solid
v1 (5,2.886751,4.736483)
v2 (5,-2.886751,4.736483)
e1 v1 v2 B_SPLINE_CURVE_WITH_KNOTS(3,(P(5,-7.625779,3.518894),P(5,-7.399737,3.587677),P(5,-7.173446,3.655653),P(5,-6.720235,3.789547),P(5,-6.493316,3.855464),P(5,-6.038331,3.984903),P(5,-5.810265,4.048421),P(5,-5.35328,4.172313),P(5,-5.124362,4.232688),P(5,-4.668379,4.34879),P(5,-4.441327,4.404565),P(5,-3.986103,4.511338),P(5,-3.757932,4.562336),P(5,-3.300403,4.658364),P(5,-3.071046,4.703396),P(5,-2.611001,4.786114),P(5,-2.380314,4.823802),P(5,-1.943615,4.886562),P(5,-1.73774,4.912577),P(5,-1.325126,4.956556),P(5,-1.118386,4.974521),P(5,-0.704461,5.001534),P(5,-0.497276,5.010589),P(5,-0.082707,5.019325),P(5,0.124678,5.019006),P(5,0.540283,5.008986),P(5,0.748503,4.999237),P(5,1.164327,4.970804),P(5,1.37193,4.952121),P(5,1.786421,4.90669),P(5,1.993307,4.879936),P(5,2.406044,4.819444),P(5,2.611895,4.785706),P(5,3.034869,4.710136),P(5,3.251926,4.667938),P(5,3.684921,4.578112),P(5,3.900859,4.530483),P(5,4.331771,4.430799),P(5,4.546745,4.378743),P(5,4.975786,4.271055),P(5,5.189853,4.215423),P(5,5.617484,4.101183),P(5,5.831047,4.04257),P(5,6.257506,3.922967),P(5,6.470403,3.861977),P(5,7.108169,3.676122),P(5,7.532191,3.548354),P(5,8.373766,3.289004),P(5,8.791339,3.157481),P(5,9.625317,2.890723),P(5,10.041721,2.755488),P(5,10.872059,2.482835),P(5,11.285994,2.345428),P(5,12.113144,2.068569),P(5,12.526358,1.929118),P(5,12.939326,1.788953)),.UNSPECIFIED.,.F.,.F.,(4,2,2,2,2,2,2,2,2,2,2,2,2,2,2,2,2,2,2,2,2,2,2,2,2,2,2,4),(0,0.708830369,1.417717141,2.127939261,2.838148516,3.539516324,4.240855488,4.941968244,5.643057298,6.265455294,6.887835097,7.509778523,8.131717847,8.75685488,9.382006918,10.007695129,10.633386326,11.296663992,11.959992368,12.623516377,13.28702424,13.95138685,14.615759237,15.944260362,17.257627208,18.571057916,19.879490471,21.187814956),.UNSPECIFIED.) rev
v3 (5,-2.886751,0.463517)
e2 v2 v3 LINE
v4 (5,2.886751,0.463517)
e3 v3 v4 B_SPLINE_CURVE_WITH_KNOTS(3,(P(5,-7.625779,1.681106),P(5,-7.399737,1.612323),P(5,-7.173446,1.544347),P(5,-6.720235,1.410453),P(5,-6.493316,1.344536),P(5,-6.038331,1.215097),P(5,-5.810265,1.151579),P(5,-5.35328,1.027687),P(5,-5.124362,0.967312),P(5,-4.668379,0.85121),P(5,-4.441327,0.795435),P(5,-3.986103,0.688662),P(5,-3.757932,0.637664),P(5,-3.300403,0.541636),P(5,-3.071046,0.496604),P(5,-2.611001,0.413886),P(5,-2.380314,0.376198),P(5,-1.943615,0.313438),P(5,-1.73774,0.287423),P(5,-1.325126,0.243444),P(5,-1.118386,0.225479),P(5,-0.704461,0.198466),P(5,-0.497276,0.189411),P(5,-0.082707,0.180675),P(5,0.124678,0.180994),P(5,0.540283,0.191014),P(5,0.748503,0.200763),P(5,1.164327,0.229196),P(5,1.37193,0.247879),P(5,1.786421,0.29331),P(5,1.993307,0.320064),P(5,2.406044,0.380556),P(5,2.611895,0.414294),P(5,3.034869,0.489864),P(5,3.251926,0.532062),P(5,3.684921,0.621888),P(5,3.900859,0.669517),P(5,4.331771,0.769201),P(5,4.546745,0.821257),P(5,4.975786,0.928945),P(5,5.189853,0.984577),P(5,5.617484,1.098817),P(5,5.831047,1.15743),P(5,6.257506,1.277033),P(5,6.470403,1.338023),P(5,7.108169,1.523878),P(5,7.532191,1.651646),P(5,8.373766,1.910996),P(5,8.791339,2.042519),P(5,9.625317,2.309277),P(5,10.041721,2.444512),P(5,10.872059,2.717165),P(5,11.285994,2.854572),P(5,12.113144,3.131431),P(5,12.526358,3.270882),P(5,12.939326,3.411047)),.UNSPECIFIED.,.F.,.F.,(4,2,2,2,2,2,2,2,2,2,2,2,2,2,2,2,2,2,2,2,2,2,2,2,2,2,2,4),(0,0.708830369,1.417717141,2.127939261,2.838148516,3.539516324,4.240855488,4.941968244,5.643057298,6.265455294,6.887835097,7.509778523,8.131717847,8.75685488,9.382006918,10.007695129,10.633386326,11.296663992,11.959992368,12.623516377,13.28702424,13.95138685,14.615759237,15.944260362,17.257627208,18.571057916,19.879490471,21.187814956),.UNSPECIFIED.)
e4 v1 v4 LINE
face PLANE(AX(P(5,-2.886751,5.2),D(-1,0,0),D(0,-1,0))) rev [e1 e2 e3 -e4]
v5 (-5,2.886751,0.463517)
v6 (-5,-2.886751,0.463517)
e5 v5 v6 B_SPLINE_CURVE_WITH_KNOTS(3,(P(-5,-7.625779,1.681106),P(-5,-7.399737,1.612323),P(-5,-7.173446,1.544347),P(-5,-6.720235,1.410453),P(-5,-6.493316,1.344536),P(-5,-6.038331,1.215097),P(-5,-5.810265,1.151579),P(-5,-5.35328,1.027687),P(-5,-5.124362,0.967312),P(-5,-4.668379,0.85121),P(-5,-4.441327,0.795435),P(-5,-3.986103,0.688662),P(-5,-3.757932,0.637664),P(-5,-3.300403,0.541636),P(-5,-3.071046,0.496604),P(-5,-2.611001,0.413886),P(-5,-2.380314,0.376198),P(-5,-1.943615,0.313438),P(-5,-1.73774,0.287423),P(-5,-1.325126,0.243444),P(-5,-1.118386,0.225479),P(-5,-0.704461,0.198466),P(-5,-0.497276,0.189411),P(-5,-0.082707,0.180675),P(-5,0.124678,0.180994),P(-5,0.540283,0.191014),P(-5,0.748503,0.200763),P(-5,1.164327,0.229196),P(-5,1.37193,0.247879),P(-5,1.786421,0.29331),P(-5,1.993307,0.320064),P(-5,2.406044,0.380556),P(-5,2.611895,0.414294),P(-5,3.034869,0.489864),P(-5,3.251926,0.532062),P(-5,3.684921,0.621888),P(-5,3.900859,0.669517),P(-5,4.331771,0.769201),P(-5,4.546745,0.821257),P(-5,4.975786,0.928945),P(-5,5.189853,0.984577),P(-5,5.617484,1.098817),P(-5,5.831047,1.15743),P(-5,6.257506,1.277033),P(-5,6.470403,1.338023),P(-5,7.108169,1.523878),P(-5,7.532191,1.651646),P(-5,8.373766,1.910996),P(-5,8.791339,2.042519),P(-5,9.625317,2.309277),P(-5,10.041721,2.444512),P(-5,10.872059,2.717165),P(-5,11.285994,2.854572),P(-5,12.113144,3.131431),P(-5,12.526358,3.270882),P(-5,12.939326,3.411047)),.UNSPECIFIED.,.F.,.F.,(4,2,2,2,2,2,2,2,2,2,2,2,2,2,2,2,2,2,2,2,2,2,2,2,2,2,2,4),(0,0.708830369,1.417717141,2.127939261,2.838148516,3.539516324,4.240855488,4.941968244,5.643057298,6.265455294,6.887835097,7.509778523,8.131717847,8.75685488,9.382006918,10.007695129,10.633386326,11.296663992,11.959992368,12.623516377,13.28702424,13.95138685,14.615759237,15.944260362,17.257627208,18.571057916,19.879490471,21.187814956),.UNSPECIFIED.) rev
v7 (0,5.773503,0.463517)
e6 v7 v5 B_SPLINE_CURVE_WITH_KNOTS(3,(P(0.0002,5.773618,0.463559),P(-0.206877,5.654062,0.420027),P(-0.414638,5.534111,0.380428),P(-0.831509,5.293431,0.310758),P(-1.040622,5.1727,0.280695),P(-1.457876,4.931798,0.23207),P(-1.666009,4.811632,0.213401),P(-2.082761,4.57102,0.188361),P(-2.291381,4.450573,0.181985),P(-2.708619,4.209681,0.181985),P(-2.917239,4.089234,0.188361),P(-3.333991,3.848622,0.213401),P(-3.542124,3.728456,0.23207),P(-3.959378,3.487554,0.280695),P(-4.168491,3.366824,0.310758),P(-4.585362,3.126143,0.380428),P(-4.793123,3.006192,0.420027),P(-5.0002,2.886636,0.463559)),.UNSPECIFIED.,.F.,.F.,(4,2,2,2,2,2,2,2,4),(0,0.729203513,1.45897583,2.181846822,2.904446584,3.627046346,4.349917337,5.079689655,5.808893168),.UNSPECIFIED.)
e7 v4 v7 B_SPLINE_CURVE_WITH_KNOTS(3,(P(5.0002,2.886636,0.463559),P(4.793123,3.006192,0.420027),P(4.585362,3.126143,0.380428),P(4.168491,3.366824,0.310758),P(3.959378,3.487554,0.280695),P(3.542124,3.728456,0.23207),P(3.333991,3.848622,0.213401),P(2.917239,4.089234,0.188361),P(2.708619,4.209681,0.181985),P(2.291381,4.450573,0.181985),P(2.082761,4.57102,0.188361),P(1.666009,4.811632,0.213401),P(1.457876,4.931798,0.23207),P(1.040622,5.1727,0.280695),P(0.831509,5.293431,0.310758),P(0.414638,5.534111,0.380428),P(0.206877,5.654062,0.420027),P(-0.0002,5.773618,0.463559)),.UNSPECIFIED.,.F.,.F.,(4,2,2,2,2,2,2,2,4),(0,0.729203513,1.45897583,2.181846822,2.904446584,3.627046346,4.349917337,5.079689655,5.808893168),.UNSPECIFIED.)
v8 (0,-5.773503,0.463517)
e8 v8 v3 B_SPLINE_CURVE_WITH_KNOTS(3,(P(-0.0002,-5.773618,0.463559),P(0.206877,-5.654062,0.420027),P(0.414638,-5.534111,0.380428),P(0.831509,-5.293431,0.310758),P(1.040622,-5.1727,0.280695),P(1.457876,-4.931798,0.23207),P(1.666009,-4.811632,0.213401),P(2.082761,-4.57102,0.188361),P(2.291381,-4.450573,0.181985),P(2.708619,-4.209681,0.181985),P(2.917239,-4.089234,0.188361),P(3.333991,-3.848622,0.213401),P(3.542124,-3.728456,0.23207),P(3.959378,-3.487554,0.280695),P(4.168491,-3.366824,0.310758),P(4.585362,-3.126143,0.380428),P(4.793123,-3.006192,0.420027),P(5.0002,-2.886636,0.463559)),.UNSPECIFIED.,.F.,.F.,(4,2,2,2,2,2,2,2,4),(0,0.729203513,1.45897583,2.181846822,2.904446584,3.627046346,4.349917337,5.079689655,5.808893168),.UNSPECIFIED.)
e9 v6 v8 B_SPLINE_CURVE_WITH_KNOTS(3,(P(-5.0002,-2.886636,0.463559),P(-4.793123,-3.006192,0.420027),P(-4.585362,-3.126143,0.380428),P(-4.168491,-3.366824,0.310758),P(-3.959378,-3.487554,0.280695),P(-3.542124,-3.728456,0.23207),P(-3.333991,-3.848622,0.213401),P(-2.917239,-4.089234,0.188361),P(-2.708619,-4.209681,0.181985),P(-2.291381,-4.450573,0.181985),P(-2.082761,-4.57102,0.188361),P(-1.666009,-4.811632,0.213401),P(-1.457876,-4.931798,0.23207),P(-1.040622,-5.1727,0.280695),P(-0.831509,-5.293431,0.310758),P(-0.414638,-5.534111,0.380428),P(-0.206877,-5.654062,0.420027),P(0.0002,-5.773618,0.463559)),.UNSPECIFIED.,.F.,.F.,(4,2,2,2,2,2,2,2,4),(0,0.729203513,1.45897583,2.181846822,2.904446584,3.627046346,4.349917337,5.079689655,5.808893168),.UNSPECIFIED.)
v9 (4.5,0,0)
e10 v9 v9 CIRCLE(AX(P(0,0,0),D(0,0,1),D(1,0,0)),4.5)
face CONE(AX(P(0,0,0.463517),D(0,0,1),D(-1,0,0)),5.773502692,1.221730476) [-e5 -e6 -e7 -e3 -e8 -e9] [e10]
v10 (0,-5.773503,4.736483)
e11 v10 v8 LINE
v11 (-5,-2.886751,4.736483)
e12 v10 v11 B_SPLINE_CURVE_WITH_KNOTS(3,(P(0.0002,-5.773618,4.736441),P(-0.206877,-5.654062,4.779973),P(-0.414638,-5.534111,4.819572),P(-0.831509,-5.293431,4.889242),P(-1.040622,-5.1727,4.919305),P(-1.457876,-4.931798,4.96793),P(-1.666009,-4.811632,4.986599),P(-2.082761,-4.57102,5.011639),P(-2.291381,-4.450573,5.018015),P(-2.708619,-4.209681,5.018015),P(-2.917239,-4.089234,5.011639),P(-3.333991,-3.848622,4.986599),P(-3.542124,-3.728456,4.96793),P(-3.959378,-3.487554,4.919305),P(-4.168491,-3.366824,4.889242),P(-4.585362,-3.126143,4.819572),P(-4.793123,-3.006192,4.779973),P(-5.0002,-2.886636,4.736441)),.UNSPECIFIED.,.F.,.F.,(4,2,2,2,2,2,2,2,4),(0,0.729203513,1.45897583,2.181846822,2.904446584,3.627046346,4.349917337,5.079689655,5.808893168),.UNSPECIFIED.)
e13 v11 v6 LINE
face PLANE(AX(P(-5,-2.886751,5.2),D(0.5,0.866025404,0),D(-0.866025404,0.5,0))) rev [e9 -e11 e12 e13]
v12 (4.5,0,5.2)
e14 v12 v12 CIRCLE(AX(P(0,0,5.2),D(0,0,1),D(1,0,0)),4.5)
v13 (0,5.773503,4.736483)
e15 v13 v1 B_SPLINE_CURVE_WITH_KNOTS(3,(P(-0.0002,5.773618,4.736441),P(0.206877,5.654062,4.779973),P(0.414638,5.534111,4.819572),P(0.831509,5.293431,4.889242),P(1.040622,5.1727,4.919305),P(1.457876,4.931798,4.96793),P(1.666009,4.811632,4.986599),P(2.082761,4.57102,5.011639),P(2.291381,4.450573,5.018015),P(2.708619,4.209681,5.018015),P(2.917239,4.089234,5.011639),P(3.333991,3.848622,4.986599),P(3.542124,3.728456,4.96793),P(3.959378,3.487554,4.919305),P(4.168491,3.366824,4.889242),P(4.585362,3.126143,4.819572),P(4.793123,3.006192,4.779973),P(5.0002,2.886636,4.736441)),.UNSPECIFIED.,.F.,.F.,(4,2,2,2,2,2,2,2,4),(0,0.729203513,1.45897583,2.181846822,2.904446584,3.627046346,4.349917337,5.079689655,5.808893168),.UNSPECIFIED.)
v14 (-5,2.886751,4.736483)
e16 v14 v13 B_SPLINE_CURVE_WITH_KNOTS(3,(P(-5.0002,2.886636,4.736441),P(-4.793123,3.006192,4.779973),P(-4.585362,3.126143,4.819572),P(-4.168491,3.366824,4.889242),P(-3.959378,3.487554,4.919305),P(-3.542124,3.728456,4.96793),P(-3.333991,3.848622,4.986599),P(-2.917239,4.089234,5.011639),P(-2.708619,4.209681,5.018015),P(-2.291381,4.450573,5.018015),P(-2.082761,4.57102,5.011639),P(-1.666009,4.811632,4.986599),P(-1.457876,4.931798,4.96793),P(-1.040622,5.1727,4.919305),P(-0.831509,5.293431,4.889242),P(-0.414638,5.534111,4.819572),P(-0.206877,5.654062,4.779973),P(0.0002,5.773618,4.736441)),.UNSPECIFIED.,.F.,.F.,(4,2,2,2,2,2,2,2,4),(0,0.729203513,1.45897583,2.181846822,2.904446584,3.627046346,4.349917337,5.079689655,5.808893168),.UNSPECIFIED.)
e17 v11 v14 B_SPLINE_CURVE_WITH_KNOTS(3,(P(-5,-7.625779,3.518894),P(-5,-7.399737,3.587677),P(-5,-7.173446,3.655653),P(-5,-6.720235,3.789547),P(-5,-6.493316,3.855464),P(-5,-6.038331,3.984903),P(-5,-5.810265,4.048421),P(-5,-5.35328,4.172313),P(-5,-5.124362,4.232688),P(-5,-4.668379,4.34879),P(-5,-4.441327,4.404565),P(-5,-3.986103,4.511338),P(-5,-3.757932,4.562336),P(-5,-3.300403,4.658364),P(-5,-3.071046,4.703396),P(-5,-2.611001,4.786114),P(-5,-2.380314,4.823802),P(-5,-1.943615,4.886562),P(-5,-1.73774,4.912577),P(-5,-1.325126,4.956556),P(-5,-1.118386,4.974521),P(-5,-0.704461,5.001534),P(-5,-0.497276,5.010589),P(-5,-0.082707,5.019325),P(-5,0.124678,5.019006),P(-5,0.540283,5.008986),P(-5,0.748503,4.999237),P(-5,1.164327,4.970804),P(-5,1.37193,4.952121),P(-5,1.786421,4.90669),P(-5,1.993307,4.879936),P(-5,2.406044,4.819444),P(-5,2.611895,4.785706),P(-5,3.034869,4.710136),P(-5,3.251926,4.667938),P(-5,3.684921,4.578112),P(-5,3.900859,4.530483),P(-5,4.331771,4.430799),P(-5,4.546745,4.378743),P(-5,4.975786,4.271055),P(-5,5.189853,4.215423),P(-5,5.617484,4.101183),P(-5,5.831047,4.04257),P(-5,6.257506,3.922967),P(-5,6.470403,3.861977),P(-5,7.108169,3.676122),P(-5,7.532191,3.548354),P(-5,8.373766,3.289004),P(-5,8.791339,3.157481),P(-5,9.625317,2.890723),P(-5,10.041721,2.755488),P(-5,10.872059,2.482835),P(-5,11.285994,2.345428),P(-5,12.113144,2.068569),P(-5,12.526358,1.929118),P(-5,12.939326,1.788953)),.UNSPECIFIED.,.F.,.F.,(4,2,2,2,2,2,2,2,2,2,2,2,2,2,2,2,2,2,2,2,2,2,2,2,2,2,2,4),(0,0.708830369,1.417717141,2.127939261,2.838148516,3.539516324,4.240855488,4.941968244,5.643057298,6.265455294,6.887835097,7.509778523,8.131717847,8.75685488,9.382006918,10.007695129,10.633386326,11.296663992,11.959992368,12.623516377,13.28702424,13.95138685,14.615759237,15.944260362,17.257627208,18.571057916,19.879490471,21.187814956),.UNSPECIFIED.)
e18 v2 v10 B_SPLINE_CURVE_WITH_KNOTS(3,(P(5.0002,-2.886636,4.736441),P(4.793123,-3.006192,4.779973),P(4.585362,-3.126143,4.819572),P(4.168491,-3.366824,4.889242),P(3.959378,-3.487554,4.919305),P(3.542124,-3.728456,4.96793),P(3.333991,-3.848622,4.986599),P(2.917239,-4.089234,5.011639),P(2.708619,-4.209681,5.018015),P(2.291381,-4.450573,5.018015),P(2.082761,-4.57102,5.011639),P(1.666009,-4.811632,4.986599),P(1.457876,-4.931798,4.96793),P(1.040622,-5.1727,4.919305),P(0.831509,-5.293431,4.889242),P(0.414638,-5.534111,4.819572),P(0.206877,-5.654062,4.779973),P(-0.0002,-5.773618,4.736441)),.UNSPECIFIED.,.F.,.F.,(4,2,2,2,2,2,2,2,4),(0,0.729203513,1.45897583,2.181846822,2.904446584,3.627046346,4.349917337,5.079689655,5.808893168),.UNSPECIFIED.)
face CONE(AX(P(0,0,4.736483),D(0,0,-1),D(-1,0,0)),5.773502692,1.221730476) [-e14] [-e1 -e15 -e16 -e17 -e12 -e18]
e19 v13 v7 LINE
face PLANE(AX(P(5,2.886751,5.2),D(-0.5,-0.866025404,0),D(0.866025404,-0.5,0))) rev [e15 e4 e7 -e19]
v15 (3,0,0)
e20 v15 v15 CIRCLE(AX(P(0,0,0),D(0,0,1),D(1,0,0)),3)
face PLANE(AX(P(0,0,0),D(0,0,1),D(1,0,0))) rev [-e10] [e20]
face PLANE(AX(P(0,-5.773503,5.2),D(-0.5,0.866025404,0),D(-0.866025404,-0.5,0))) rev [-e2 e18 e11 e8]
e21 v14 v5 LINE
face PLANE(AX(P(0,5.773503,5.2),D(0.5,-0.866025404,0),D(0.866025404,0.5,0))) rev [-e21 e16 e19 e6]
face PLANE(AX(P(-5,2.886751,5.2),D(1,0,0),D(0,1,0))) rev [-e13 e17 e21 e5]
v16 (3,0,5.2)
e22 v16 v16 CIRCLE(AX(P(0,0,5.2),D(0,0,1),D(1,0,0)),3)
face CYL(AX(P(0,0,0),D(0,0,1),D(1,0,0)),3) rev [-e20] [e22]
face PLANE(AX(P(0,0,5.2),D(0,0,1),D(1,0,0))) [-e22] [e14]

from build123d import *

# Parameters (mm, degrees)
EXTRUDE_1_DEPTH     = 5.2
SKETCH_5_R          = 3
CUT_EXTRUDE_1_DEPTH = 10.239769117


with BuildPart() as part:
    # 草图1 → 凸台-拉伸1 (new body)
    with BuildSketch(Plane.XY):
        Polygon((0, 5.773502692), (-5, 2.886751346), (-5, -2.886751346), (0, -5.773502692), (5, -2.886751346), (5, 2.886751346), align=None)
    extrude(amount=EXTRUDE_1_DEPTH)

    # 草图4 → 切除-旋转1 (revolve, cut)
    with BuildSketch(Plane(origin=(0, 0, 0), x_dir=(0, 0, -1), z_dir=(1, 0, 0))):
        Polygon((-5.2, -4.5), (-4.736482927, -5.773502692), (-5.2, -5.773502692), align=None)
    cut_revolve_1 = revolve(axis=Axis((0, 0, 5.2), (0, 0, -1)), mode=Mode.SUBTRACT)

    # 镜向1: 切除-旋转1 across plane
    add(cut_revolve_1.mirror(Plane.XY.offset(2.6)), mode=Mode.SUBTRACT)

    # 草图5 → 切除-拉伸1 (cut, through all)
    with BuildSketch(Plane.XY.offset(5.2)):
        Circle(SKETCH_5_R)
    extrude(amount=-CUT_EXTRUDE_1_DEPTH, mode=Mode.SUBTRACT)


solid = part.part
